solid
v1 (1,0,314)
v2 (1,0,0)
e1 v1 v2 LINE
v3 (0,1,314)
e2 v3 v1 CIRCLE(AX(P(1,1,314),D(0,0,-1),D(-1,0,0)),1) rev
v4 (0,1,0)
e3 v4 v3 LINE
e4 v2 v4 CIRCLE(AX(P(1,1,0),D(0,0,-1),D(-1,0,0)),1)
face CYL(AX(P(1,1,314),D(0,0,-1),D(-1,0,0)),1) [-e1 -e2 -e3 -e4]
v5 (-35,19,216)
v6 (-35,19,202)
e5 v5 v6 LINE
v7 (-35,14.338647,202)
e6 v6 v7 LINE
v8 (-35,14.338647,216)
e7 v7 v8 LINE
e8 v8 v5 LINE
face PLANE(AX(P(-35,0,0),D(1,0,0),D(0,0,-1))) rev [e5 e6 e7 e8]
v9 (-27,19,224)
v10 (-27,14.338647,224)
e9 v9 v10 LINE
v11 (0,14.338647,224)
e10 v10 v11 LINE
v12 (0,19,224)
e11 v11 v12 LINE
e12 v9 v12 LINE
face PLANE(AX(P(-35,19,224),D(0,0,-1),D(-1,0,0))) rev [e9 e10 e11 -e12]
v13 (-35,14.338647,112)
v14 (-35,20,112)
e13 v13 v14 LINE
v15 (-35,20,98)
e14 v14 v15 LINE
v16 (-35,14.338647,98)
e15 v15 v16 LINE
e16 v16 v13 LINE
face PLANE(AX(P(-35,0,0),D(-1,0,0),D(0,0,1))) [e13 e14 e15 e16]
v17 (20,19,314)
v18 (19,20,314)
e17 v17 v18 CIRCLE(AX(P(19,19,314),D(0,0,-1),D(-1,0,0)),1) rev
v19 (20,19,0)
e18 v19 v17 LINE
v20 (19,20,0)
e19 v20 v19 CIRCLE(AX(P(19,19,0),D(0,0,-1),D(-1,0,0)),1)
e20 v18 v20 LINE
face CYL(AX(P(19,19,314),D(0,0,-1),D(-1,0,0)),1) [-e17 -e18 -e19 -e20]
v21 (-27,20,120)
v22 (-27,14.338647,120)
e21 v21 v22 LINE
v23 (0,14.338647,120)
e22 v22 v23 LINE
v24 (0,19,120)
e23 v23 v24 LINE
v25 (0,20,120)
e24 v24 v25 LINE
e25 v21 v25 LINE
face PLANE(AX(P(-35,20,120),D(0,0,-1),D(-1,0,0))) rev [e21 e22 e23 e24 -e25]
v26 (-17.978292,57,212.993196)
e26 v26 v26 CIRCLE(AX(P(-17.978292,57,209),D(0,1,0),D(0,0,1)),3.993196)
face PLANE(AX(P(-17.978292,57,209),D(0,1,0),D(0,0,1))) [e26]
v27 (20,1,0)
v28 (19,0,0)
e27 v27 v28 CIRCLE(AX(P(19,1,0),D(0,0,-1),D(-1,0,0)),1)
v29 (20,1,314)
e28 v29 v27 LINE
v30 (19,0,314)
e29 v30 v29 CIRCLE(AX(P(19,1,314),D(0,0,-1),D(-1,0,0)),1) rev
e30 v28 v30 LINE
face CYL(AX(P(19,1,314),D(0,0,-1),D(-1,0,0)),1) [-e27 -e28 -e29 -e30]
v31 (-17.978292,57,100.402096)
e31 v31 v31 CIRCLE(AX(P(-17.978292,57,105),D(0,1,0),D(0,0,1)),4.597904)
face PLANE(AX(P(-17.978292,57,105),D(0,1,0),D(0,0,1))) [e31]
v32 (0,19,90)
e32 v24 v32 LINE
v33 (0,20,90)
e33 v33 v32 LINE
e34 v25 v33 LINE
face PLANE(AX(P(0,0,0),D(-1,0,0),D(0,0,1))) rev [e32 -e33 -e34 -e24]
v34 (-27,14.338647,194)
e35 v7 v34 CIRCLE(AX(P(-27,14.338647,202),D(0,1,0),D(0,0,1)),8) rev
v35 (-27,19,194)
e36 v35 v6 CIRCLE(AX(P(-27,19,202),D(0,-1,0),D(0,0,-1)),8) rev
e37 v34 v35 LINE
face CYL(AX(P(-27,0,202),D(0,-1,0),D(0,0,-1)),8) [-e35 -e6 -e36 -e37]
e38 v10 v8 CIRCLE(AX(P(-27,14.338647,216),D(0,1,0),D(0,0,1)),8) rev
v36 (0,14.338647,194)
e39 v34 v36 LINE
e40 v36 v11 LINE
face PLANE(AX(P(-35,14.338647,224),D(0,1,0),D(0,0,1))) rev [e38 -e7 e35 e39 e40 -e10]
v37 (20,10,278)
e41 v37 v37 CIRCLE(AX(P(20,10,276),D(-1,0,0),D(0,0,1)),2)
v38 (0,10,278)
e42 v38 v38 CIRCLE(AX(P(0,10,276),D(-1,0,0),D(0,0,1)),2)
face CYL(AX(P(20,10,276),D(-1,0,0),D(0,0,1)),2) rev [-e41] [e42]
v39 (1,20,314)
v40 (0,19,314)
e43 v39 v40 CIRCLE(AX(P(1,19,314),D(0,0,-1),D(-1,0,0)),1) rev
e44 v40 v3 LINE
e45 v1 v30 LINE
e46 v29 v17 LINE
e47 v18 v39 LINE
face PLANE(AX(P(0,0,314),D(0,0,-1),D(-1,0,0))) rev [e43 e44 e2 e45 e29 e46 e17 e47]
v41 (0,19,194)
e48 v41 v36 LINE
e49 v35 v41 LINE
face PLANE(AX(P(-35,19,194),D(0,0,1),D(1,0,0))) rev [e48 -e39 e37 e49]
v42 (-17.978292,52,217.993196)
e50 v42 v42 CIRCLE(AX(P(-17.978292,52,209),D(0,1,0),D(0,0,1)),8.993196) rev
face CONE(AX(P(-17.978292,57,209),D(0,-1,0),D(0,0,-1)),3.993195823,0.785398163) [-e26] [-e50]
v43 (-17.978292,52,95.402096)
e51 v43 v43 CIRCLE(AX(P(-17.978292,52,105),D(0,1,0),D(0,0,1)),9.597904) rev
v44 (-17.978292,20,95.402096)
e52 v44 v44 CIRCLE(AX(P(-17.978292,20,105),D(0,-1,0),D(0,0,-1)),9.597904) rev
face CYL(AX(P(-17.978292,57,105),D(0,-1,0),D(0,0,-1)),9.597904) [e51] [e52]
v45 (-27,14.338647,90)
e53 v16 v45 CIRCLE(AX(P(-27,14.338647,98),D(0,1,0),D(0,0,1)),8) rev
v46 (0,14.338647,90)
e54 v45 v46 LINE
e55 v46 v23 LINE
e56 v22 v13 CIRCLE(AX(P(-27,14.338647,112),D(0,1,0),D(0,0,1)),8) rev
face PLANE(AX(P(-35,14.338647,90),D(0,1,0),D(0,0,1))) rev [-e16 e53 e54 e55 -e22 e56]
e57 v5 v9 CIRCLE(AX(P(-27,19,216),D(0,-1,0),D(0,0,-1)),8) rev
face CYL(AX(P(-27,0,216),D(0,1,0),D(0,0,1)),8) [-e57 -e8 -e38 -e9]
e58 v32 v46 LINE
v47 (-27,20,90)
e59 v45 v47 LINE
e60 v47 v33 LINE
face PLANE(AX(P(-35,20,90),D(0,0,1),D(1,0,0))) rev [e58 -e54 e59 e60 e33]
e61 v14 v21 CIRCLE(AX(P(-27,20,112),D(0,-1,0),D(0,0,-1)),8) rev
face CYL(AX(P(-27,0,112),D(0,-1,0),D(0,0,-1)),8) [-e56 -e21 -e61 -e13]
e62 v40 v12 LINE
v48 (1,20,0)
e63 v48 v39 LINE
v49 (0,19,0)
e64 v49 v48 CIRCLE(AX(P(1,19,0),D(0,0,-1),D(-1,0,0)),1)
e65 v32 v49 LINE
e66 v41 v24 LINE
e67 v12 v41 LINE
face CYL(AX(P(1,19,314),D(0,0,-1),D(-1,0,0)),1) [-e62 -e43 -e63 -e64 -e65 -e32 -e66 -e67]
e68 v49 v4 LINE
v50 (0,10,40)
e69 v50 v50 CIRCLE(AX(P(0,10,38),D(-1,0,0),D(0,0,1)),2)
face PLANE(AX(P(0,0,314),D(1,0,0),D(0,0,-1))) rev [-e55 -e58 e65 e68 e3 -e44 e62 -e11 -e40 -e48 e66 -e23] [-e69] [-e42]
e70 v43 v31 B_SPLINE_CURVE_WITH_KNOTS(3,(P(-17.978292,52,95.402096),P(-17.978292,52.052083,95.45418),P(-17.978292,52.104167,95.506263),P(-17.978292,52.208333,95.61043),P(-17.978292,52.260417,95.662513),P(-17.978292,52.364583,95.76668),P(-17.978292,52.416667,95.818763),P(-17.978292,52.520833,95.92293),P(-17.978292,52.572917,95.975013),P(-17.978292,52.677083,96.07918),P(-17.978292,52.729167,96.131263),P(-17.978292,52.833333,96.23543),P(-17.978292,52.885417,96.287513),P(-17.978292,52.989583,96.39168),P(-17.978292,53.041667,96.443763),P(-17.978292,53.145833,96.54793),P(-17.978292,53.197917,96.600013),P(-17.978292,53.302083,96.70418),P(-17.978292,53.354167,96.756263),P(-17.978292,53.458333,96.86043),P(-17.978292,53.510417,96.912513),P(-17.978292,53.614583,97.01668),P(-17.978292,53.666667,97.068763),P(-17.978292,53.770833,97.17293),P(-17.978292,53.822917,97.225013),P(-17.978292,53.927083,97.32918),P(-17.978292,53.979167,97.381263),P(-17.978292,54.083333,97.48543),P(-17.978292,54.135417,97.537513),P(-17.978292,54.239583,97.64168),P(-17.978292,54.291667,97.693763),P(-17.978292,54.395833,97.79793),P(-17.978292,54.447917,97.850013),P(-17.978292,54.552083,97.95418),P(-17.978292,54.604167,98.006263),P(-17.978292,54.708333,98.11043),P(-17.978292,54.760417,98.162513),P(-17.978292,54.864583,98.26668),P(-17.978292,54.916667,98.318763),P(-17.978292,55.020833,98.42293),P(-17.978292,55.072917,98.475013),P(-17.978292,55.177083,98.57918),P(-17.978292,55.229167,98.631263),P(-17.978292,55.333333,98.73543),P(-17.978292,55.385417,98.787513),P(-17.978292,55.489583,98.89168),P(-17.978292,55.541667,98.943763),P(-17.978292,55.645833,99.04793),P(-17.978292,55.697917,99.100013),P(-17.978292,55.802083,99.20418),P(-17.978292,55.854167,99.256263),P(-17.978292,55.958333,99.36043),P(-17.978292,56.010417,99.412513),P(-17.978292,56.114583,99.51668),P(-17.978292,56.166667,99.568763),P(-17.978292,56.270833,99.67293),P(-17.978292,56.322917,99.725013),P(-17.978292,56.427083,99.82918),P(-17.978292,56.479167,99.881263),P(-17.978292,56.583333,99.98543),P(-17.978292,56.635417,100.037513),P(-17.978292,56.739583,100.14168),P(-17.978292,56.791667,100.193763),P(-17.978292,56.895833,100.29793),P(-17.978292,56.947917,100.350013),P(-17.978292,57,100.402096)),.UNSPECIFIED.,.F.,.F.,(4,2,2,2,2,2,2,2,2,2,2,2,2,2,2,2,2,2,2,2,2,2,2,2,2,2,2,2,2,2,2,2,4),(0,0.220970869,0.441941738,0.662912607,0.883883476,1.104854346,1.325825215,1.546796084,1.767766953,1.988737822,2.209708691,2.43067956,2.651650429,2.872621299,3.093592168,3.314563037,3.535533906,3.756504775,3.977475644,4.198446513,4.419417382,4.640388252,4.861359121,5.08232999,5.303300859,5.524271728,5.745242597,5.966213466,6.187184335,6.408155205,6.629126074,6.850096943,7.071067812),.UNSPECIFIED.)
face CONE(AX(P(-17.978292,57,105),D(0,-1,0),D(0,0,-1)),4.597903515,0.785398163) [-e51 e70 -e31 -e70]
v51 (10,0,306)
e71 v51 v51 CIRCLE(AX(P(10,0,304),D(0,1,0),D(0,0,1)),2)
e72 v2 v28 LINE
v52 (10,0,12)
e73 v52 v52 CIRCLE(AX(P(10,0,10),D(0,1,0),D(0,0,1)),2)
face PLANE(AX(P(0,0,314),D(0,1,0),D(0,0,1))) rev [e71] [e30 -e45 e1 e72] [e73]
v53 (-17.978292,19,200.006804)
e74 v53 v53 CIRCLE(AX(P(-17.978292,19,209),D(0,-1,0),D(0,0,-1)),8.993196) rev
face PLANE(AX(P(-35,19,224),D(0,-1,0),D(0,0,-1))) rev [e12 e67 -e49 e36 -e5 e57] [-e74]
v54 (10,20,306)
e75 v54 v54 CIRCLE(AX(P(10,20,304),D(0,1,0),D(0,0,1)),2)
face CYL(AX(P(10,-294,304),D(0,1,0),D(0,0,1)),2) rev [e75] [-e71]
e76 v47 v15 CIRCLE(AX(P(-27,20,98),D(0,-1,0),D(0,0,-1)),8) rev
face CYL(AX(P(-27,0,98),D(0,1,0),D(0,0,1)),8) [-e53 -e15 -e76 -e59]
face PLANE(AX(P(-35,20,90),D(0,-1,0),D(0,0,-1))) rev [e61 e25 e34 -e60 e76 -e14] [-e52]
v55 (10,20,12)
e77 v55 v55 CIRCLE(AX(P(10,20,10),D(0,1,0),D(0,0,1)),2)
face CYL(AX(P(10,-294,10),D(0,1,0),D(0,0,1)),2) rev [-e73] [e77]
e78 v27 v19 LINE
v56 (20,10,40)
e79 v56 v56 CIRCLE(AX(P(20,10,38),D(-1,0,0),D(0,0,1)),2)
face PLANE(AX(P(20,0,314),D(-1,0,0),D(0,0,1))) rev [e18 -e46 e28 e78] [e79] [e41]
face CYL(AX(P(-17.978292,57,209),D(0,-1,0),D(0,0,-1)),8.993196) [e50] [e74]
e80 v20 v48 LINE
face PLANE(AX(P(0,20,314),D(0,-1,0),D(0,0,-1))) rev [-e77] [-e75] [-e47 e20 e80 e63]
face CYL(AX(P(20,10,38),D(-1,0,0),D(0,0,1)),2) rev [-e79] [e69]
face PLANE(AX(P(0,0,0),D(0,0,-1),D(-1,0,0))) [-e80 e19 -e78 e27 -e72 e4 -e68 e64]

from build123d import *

# Parameters (mm, degrees)
SKETCH_1_W          = 20
SKETCH_1_H          = 20
EXTRUDE_1_DEPTH     = 314
SKETCH_2_R          = 2
CUT_EXTRUDE_1_DEPTH = 314
FILLET_1_R          = 1
SKETCH_3_R          = 2
CUT_EXTRUDE_2_DEPTH = 20
SKETCH_4_W          = 30
SKETCH_4_H          = 5.661352718
SKETCH_4_H_2        = 4.661352718
EXTRUDE_2_DEPTH     = 35
SKETCH_5_R          = 8.993195823
SKETCH_5_R_2        = 9.597903515
EXTRUDE_3_DEPTH     = 38
FILLET_2_R          = 8
CHAMFER_1_SIZE      = 5


with BuildPart() as part:
    # 草图1 → 凸台-拉伸1 (new body)
    with BuildSketch(Plane.XY):
        with Locations((10, 10)):
            Rectangle(SKETCH_1_W, SKETCH_1_H)
    extrude(amount=EXTRUDE_1_DEPTH)

    # 草图2 → 切除-拉伸1 (cut)
    with BuildSketch(Plane(origin=(0, 20, 0), x_dir=(1, 0, 0), z_dir=(0, 1, 0))):
        with Locations(Location((10, -10, 0), (0, 0, 270))):
            Circle(SKETCH_2_R)
        with Locations(Location((10, -304, 0), (0, 0, 270))):
            Circle(SKETCH_2_R)
    extrude(amount=-CUT_EXTRUDE_1_DEPTH, mode=Mode.SUBTRACT)

    # 圆角1
    fillet_1_edges = [part.edges().sort_by_distance(p)[0] for p in [
        (0, 20, 157),
        (20, 20, 157),
        (20, 0, 157),
        (0, 0, 157),
    ]]
    fillet(fillet_1_edges, radius=FILLET_1_R)

    # 草图3 → 切除-拉伸2 (cut)
    with BuildSketch(Plane.ZY):
        with Locations((276, 10)):
            Circle(SKETCH_3_R)
        with Locations((38, 10)):
            Circle(SKETCH_3_R)
    extrude(amount=-CUT_EXTRUDE_2_DEPTH, mode=Mode.SUBTRACT)

    # 草图4 → 凸台-拉伸2 (add)
    with BuildSketch(Plane.ZY):
        with Locations((105, 17.169323641)):
            Rectangle(SKETCH_4_W, SKETCH_4_H)
        with Locations((209, 16.669323641)):
            Rectangle(SKETCH_4_W, SKETCH_4_H_2)
    extrude(amount=EXTRUDE_2_DEPTH)

    # 草图5 → 凸台-拉伸3 (add)
    with BuildSketch(Plane(origin=(0, 19, 0), x_dir=(1, 0, 0), z_dir=(0, 1, 0))):
        with Locations(Location((-17.978292209, -209, 0), (0, 0, 90))):
            Circle(SKETCH_5_R)
        with Locations(Location((-17.978292209, -105, 0), (0, 0, 90))):
            Circle(SKETCH_5_R_2)
    extrude(amount=EXTRUDE_3_DEPTH)

    # 圆角2
    fillet_2_edges = [part.edges().sort_by_distance(p)[0] for p in [
        (-35, 17.169323641, 90),
        (-35, 17.169323641, 120),
        (-35, 16.669323641, 224),
        (-35, 16.669323641, 194),
    ]]
    fillet(fillet_2_edges, radius=FILLET_2_R)

    # 倒角1
    chamfer_1_edges = [part.edges().sort_by_distance(p)[0] for p in [
        (-17.978292209, 57, 217.993195823),
        (-17.978292209, 57, 114.597903515),
    ]]
    chamfer(chamfer_1_edges, length=CHAMFER_1_SIZE)


solid = part.part
